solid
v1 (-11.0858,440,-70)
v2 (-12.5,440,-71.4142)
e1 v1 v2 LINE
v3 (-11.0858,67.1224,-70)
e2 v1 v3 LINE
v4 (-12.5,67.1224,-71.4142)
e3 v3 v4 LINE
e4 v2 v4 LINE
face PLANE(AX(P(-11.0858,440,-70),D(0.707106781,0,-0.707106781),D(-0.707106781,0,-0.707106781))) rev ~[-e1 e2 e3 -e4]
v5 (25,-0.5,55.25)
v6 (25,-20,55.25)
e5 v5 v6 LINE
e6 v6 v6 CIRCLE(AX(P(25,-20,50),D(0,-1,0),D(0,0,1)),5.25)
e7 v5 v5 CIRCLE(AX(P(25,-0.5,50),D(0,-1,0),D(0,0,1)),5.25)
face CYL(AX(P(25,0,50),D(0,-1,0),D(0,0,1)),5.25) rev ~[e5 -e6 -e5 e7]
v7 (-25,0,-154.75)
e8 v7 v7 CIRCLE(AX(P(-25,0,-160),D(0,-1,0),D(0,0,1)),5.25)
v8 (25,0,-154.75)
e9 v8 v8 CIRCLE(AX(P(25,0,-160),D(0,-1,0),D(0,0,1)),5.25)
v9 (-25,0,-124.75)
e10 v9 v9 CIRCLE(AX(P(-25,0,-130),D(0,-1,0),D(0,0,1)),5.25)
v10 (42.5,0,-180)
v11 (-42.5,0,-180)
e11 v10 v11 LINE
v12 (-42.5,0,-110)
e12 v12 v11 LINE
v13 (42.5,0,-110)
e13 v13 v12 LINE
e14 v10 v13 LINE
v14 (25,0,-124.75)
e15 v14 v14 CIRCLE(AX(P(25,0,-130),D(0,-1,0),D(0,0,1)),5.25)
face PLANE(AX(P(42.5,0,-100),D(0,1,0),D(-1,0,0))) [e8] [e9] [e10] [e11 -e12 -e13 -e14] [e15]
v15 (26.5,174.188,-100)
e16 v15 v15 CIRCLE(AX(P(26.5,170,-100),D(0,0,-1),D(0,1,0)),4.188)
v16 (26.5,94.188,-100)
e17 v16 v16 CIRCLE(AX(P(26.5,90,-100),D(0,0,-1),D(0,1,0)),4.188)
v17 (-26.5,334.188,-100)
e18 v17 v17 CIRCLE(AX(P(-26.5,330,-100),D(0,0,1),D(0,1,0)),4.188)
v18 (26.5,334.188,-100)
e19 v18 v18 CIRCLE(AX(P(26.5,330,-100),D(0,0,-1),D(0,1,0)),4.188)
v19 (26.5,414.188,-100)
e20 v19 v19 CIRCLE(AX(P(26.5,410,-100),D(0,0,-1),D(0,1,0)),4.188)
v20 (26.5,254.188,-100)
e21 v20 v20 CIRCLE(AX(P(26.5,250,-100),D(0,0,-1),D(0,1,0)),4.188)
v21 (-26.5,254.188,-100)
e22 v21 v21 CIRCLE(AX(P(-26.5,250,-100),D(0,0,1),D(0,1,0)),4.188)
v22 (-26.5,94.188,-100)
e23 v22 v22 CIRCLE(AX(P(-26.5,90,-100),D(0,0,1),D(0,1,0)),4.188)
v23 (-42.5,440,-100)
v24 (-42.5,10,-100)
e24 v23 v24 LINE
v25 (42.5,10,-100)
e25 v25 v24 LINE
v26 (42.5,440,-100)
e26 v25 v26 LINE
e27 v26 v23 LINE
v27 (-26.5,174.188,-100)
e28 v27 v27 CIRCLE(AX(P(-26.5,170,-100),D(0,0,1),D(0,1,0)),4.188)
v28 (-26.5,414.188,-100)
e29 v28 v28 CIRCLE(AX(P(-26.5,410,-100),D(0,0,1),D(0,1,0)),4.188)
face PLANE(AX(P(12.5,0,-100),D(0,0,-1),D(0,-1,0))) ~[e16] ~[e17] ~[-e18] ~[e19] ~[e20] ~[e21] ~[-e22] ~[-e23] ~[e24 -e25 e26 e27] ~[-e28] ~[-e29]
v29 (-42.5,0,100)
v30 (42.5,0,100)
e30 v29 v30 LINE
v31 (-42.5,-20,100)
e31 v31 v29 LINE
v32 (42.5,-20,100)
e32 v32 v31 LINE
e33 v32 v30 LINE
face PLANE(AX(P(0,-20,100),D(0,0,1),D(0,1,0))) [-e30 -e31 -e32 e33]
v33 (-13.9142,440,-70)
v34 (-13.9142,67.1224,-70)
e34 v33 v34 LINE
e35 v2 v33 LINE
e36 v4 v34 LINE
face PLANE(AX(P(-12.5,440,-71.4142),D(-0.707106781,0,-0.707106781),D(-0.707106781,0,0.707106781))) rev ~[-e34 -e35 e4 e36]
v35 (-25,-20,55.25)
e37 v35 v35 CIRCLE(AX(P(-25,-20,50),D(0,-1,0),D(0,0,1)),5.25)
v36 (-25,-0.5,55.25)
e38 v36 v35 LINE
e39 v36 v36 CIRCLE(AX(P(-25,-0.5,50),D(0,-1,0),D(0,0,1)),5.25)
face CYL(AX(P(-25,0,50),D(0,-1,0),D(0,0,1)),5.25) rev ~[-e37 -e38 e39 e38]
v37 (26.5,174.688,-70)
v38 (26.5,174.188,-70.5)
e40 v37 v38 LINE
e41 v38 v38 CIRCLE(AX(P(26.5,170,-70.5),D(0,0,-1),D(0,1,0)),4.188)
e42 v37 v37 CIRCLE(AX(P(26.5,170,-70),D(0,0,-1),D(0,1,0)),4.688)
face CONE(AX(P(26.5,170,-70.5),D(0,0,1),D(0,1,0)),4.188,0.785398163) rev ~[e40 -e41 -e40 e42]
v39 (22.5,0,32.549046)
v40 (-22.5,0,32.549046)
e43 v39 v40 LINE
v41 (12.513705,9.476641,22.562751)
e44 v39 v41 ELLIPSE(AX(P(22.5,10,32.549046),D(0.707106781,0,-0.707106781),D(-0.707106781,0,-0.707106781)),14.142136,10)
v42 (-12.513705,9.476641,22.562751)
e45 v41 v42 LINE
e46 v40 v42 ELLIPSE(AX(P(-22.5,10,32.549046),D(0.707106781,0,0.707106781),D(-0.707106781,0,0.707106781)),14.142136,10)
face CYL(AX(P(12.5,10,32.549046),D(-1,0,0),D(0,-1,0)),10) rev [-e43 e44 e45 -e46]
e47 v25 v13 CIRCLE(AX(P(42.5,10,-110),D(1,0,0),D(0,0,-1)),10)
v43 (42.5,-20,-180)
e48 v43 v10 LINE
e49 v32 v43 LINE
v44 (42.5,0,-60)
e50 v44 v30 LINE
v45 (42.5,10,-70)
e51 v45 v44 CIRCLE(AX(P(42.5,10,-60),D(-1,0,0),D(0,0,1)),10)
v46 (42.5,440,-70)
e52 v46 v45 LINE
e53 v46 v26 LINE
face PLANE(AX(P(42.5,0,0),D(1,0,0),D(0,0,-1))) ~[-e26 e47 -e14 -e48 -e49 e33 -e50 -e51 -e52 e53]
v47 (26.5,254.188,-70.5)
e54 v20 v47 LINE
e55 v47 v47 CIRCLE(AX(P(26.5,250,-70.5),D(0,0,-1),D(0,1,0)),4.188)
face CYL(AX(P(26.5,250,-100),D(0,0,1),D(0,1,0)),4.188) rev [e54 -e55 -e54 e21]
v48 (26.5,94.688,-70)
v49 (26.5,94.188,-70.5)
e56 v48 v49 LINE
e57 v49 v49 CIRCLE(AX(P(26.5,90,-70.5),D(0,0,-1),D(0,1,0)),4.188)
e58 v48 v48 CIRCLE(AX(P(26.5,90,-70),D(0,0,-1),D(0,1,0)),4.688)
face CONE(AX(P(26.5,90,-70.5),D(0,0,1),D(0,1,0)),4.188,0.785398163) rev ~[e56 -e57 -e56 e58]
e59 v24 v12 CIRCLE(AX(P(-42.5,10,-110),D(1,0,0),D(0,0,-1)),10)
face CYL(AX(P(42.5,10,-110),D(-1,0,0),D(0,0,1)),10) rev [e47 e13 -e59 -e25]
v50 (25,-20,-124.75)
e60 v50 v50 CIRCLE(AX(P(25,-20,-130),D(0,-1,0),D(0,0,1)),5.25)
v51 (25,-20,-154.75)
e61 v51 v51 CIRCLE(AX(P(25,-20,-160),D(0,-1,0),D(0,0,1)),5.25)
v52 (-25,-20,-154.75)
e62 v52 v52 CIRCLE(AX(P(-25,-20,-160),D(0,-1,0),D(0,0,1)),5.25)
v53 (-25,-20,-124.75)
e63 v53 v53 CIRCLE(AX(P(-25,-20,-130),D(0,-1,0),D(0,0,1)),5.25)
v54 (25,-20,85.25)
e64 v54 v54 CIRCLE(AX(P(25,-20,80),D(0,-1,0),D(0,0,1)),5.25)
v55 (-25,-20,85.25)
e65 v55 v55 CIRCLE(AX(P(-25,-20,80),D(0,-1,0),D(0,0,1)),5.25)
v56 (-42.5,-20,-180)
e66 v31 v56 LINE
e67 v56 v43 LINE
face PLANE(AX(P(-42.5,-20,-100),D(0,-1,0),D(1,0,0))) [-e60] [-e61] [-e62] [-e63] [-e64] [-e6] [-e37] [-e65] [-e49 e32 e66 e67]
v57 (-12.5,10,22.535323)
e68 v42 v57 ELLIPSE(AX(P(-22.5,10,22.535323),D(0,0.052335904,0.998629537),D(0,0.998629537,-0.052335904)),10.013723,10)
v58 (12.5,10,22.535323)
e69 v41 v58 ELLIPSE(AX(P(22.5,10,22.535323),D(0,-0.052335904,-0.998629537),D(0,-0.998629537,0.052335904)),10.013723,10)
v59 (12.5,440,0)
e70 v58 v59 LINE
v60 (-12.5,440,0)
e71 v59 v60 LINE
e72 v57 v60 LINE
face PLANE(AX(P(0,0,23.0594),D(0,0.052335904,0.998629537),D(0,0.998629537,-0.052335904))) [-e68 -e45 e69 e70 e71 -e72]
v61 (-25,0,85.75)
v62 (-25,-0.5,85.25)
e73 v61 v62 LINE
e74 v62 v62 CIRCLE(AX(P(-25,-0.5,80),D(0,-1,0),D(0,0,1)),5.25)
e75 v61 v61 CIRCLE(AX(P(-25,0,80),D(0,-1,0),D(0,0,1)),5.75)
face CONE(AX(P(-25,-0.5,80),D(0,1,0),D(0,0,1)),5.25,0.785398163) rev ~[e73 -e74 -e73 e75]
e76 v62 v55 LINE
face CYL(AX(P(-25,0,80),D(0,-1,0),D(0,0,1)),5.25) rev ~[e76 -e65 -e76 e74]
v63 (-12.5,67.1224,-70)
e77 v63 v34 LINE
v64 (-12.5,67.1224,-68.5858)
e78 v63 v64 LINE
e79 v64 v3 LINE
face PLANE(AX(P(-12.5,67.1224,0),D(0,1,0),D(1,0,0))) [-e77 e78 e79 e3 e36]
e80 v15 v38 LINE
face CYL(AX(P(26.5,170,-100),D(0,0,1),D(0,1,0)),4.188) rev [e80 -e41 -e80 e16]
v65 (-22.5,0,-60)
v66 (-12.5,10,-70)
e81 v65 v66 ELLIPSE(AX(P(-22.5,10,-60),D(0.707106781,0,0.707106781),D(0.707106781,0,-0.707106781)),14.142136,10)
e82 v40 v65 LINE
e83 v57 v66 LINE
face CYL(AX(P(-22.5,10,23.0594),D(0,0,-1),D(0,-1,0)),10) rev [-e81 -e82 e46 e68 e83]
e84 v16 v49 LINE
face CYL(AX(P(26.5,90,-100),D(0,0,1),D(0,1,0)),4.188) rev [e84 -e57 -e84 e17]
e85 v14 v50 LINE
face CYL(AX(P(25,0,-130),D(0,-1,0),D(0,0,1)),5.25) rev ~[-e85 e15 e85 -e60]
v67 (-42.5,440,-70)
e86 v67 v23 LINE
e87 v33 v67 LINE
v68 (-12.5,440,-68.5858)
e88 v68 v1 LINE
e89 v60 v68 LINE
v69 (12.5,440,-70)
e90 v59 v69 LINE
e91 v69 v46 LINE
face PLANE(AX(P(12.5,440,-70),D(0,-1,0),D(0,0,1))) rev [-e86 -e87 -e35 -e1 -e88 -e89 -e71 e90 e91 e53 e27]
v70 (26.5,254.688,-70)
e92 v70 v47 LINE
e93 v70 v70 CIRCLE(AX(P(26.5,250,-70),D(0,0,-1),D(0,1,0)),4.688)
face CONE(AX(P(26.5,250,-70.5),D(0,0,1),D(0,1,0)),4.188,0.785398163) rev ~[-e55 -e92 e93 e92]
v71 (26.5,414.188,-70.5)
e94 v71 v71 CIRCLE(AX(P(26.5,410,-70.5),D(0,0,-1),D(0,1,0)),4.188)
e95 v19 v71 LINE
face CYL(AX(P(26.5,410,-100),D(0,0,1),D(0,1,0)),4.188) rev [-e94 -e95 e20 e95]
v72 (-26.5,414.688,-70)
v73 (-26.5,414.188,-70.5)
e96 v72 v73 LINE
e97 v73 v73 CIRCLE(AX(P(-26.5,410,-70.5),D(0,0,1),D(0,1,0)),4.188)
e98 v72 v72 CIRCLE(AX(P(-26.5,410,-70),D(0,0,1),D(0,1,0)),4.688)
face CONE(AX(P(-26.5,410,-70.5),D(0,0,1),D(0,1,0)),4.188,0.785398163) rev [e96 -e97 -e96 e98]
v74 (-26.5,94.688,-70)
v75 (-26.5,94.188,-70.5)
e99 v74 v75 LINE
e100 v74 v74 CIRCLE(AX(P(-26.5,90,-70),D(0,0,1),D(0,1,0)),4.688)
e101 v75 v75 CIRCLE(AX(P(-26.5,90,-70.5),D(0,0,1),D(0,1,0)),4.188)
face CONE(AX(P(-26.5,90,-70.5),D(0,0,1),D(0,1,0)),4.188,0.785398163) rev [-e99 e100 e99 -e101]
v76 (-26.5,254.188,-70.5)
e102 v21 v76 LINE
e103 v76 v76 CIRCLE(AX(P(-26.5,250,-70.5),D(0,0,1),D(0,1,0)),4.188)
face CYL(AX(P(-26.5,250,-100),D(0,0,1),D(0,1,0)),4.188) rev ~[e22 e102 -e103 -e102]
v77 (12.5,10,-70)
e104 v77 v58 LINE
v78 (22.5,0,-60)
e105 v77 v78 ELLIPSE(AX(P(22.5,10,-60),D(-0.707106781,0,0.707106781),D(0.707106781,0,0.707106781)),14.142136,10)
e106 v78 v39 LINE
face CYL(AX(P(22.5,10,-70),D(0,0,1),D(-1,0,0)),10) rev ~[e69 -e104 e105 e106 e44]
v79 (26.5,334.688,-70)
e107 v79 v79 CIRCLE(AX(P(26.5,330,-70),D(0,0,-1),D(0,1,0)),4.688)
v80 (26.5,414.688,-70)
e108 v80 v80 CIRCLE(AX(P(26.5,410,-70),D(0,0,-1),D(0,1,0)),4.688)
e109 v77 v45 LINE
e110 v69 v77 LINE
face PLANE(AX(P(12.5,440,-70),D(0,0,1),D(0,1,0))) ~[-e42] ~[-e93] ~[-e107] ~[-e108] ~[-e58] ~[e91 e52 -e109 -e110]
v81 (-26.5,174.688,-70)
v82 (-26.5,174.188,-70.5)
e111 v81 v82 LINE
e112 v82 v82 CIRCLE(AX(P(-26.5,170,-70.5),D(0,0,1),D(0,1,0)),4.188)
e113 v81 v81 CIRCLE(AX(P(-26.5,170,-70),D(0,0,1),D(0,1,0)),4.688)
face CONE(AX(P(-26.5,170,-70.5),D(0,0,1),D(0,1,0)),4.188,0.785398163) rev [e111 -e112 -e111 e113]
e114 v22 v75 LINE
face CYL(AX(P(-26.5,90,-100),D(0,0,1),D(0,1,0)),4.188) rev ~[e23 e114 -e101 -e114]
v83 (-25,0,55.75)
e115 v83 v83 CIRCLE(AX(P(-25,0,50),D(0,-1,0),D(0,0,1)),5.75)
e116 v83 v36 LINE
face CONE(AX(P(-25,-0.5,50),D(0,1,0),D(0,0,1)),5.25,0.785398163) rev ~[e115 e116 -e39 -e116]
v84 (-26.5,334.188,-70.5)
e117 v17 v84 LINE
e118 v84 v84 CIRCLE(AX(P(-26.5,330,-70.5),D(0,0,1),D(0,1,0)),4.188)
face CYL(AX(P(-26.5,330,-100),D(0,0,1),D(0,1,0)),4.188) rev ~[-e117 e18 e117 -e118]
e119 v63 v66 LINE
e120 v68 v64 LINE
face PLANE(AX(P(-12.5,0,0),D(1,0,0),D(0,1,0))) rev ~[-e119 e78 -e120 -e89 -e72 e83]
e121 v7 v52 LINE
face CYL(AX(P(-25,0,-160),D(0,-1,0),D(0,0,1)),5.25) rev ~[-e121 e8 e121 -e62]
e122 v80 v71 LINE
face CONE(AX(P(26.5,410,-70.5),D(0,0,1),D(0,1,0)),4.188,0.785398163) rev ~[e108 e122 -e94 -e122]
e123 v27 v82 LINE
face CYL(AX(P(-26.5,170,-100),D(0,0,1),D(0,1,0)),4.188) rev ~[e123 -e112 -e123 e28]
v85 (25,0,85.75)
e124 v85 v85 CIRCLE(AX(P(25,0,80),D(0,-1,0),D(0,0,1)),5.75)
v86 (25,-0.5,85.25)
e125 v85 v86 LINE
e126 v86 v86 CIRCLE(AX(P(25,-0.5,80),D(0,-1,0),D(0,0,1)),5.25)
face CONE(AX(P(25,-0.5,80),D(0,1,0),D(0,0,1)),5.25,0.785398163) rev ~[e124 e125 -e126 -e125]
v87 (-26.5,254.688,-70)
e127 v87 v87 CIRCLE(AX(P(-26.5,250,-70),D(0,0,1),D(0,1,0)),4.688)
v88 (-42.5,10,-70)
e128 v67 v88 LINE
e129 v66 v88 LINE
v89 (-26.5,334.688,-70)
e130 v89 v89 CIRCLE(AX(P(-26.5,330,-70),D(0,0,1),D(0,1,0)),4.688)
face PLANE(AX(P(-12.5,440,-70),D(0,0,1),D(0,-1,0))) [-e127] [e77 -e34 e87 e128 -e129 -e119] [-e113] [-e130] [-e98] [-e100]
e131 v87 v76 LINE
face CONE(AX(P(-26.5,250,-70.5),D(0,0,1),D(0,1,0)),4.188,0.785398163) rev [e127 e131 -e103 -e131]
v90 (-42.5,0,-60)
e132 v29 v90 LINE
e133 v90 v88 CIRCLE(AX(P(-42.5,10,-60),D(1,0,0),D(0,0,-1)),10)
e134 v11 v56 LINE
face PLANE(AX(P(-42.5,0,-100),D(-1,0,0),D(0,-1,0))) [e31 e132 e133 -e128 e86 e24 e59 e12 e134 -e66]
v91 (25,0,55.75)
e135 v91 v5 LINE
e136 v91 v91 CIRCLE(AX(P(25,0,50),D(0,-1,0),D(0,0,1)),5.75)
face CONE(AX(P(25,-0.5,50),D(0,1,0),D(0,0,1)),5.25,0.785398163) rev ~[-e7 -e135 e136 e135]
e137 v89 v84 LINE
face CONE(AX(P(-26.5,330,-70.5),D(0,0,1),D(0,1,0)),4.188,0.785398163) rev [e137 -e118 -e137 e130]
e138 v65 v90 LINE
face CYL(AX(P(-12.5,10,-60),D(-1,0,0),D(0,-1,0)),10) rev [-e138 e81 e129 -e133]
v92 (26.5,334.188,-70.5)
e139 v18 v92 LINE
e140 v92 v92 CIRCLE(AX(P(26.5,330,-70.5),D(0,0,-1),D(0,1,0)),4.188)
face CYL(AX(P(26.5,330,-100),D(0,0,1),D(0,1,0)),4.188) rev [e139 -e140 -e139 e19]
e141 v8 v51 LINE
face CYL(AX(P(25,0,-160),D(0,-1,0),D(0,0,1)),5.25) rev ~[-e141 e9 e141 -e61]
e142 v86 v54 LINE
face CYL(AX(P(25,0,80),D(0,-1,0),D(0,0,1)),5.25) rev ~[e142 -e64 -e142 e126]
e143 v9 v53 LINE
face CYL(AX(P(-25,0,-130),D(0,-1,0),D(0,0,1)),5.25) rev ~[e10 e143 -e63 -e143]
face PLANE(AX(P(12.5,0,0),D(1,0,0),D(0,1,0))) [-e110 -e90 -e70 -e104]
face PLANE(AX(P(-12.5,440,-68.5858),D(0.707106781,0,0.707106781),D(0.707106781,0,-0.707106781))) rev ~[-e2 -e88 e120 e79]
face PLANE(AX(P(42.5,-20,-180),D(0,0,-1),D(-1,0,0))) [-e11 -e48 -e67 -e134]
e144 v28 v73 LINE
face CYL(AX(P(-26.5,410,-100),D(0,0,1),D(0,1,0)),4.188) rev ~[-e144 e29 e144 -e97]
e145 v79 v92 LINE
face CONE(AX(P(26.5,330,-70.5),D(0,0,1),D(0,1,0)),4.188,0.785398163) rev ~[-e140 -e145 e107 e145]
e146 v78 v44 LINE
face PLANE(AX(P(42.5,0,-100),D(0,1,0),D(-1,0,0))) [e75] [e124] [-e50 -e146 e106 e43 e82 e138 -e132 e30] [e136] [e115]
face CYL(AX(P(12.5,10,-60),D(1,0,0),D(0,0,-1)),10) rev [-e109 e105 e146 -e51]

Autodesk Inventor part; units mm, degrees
ref_plane "YZ Plane" through (0, 0, 0) normal (1, 0, 0) x (0, 1, 0)
ref_plane "XZ Plane" through (0, 0, 0) normal (0, 1, 0) x (-1, 0, 0)
sketch "Sketch1" plane through (0, 0, 0) normal (1, 0, 0) x (0, 1, 0)
  line L0 (0, 0) -> (440, 0)
  line L1 (440, 0) -> (440, -100)
  line L2 (440, -100) -> (0, -100)
  line L3 (0, -100) -> (0, 0)
  line L4 (0, 0) -> (0, 23.0594)
  line L5 (0, 23.0594) -> (440, 0)
  dimension "d0" = 100
  dimension "d1" = 87
  dimension "d32" = 440
extrude "top" add sketch "Sketch1" along normal mid plane 25
sketch "Sketch2" plane through (0, 0, 0) normal (1, 0, 0) x (0, 1, 0)
  line L0 (0, -100) -> (440, -100) projected
  line L1 (0, -100) -> (-20, -100)
  line L2 (-20, -100) -> (-20, 100)
  line L3 (-20, 100) -> (0, 100)
  line L4 (0, 100) -> (0, -100)
  point P0 (0, 0)
  dimension "d4" = 20
  dimension "d9" = 200
extrude "bott" add sketch "Sketch2" along normal mid plane 85
sketch "Sketch4" plane through (-12.5, 0, 0) normal (-1, 0, 0) x (0, 0, 1)
  line L0 (0, 440) -> (-100, 440) projected
  line L1 (-100, 0) -> (23.0594, 0) projected
  line L2 (-100, 440) -> (-70, 440)
  line L3 (-70, 440) -> (-70, 0)
  line L4 (-70, 0) -> (-100, 0)
  line L5 (-100, 0) -> (-100, 440)
  point P0 (0, 0)
  dimension "d11" = 30
extrude "arm" add sketch "Sketch4" along normal blind 30
sketch "Sketch5" plane through (42.5, -20, -100) normal (0, 0, -1) x (-1, 0, 0)
  line L0 (0, 0) -> (0, 20) projected
  line L1 (85, 0) -> (0, 0) projected
  line L2 (0, 20) -> (85, 20)
  line L3 (85, 20) -> (85, 0)
  line L4 (85, 0) -> (0, 0)
  line L5 (0, 0) -> (0, 20)
  point P0 (42.5, 20)
extrude "back" add sketch "Sketch5" along normal blind 80
sketch "Sketch8" plane through (-12.5, 440, 0) normal (0, 1, 0) x (1, 0, 0)
  line L0 (25, 0) -> (0, 0) construction
  line L1 (25, 100) -> (25, 0) construction
  line L2 (-30, 100) -> (25, 100) construction
  line L3 (-30, 70) -> (-30, 100) construction
  line L4 (0, 70) -> (-30, 70) construction
  line L5 (0, 0) -> (0, 70) construction
  line L6 (0, 71.4142) -> (-1.4142, 70)
  line L7 (-1.4142, 70) -> (0, 68.5858)
  line L8 (0, 68.5858) -> (1.4142, 70)
  line L9 (1.4142, 70) -> (0, 71.4142)
  line L10 (0, 71.4142) -> (0, 68.5858) construction
  line L11 (-1.4142, 70) -> (1.4142, 70) construction
  point P0 (12.5, 0)
  point P1 (0, 70)
  dimension "d33" = 2
  dimension "d34" = 2
ref_plane "Work Plane1" through (-276, 67.1224, -42.5) normal (0, -1, 0) x (1, 0, 0)
extrude "Extrusion7" cut sketch "Sketch8" against normal up to surface (372.8776 mm away)
sketch "Sketch9" plane through (12.5, 0, -100) normal (0, 0, -1) x (-1, 0, 0)
  circle A0 centre (331, 90) radius 5.25 construction
  circle A1 centre (331, 170) radius 5.25 construction
  circle A2 centre (331, 250) radius 5.25 construction
  circle A3 centre (331, 330) radius 5.25 construction
  circle A4 centre (331, 410) radius 5.25 construction
  circle A5 centre (39, 90) radius 5.25 construction
  circle A6 centre (39, 170) radius 5.25 construction
  circle A7 centre (39, 250) radius 5.25 construction
  circle A8 centre (39, 330) radius 5.25 construction
  circle A9 centre (39, 410) radius 5.25 construction
  circle A10 centre (147.5, 100) radius 2.567 construction
  circle A11 centre (222.5, 100) radius 2.567 construction
  circle A12 centre (147.5, 200) radius 2.567 construction
  circle A13 centre (222.5, 200) radius 2.567 construction
  circle A14 centre (147.5, 300) radius 2.567 construction
  circle A15 centre (222.5, 300) radius 2.567 construction
  circle A16 centre (147.5, 400) radius 2.567 construction
  circle A17 centre (222.5, 400) radius 2.567 construction
  line L0 (25, 60) -> (25, 440) construction
  line L1 (345, 60) -> (25, 60) construction
  line L2 (345, 440) -> (345, 60) construction
  line L3 (25, 440) -> (345, 440) construction
hole "Hole2" at (-26.5, 410, -100) at (-26.5, 330, -100) at (-26.5, 250, -100) at (-26.5, 170, -100) at (-26.5, 90, -100) direction (0, 0, 1) diameter 8.376 depth 30 thread size "M10x1.5" class "6H" standard "ISO Metric profile"
chamfer "Chamfer4" distance 0.5 angle 45 5 edges at (-26.5, 325.812, -70) (-26.5, 405.812, -70) (-26.5, 85.812, -70) (-26.5, 165.812, -70) (-26.5, 245.812, -70)
mirror "Mirror1" about plane through (0, 0, 0) normal (1, 0, 0) of "arm", "Hole2", "Chamfer4"
fillet "Fillet1" radius 10 6 edges at (27.5, 0, -70) (12.5, 0, -23.4703) (0, 0, 23.0594) (-12.5, 0, -23.4703) (-27.5, 0, -70) (0, 0, -100)
sketch "Sketch10" plane through (-42.5, 0, 100) normal (0, 1, 0) x (1, 0, 0)
  line L0 (42.5, 336) -> (42.5, -56) projected
  line L1 (85, 0) -> (0, 0) projected
  line L2 (0, 280) -> (85, 280) projected
  point P0 (42.5, 100)
  point P1 (17.5, 20)
  point P2 (67.5, 20)
  point P3 (67.5, 50)
  point P4 (17.5, 50)
  point P5 (67.5, 260)
  point P6 (17.5, 260)
  point P7 (67.5, 230)
  point P8 (17.5, 230)
  dimension "d51" = 50
  dimension "d52" = 20
  dimension "d53" = 30
  dimension "d54" = 20
  dimension "d55" = 30
hole "Hole3" at (-25, 0, 80) at (25, 0, 80) at (25, 0, 50) at (-25, 0, 50) at (25, 0, -160) at (-25, 0, -160) at (25, 0, -130) at (-25, 0, -130) direction (0, -1, 0) diameter 10.5 end through all clearance for "Socket Head Cap Screw ISO 4762" size "M10" standard "ISO"
chamfer "Chamfer5" distance 0.5 angle 45 4 edges at (-25, 0, 44.75) (25, 0, 44.75) (-25, 0, 74.75) (25, 0, 74.75)
equation "\"d55\" = d53"
properties part number "KN-00-01-04" material "X5CrNi18-10"
